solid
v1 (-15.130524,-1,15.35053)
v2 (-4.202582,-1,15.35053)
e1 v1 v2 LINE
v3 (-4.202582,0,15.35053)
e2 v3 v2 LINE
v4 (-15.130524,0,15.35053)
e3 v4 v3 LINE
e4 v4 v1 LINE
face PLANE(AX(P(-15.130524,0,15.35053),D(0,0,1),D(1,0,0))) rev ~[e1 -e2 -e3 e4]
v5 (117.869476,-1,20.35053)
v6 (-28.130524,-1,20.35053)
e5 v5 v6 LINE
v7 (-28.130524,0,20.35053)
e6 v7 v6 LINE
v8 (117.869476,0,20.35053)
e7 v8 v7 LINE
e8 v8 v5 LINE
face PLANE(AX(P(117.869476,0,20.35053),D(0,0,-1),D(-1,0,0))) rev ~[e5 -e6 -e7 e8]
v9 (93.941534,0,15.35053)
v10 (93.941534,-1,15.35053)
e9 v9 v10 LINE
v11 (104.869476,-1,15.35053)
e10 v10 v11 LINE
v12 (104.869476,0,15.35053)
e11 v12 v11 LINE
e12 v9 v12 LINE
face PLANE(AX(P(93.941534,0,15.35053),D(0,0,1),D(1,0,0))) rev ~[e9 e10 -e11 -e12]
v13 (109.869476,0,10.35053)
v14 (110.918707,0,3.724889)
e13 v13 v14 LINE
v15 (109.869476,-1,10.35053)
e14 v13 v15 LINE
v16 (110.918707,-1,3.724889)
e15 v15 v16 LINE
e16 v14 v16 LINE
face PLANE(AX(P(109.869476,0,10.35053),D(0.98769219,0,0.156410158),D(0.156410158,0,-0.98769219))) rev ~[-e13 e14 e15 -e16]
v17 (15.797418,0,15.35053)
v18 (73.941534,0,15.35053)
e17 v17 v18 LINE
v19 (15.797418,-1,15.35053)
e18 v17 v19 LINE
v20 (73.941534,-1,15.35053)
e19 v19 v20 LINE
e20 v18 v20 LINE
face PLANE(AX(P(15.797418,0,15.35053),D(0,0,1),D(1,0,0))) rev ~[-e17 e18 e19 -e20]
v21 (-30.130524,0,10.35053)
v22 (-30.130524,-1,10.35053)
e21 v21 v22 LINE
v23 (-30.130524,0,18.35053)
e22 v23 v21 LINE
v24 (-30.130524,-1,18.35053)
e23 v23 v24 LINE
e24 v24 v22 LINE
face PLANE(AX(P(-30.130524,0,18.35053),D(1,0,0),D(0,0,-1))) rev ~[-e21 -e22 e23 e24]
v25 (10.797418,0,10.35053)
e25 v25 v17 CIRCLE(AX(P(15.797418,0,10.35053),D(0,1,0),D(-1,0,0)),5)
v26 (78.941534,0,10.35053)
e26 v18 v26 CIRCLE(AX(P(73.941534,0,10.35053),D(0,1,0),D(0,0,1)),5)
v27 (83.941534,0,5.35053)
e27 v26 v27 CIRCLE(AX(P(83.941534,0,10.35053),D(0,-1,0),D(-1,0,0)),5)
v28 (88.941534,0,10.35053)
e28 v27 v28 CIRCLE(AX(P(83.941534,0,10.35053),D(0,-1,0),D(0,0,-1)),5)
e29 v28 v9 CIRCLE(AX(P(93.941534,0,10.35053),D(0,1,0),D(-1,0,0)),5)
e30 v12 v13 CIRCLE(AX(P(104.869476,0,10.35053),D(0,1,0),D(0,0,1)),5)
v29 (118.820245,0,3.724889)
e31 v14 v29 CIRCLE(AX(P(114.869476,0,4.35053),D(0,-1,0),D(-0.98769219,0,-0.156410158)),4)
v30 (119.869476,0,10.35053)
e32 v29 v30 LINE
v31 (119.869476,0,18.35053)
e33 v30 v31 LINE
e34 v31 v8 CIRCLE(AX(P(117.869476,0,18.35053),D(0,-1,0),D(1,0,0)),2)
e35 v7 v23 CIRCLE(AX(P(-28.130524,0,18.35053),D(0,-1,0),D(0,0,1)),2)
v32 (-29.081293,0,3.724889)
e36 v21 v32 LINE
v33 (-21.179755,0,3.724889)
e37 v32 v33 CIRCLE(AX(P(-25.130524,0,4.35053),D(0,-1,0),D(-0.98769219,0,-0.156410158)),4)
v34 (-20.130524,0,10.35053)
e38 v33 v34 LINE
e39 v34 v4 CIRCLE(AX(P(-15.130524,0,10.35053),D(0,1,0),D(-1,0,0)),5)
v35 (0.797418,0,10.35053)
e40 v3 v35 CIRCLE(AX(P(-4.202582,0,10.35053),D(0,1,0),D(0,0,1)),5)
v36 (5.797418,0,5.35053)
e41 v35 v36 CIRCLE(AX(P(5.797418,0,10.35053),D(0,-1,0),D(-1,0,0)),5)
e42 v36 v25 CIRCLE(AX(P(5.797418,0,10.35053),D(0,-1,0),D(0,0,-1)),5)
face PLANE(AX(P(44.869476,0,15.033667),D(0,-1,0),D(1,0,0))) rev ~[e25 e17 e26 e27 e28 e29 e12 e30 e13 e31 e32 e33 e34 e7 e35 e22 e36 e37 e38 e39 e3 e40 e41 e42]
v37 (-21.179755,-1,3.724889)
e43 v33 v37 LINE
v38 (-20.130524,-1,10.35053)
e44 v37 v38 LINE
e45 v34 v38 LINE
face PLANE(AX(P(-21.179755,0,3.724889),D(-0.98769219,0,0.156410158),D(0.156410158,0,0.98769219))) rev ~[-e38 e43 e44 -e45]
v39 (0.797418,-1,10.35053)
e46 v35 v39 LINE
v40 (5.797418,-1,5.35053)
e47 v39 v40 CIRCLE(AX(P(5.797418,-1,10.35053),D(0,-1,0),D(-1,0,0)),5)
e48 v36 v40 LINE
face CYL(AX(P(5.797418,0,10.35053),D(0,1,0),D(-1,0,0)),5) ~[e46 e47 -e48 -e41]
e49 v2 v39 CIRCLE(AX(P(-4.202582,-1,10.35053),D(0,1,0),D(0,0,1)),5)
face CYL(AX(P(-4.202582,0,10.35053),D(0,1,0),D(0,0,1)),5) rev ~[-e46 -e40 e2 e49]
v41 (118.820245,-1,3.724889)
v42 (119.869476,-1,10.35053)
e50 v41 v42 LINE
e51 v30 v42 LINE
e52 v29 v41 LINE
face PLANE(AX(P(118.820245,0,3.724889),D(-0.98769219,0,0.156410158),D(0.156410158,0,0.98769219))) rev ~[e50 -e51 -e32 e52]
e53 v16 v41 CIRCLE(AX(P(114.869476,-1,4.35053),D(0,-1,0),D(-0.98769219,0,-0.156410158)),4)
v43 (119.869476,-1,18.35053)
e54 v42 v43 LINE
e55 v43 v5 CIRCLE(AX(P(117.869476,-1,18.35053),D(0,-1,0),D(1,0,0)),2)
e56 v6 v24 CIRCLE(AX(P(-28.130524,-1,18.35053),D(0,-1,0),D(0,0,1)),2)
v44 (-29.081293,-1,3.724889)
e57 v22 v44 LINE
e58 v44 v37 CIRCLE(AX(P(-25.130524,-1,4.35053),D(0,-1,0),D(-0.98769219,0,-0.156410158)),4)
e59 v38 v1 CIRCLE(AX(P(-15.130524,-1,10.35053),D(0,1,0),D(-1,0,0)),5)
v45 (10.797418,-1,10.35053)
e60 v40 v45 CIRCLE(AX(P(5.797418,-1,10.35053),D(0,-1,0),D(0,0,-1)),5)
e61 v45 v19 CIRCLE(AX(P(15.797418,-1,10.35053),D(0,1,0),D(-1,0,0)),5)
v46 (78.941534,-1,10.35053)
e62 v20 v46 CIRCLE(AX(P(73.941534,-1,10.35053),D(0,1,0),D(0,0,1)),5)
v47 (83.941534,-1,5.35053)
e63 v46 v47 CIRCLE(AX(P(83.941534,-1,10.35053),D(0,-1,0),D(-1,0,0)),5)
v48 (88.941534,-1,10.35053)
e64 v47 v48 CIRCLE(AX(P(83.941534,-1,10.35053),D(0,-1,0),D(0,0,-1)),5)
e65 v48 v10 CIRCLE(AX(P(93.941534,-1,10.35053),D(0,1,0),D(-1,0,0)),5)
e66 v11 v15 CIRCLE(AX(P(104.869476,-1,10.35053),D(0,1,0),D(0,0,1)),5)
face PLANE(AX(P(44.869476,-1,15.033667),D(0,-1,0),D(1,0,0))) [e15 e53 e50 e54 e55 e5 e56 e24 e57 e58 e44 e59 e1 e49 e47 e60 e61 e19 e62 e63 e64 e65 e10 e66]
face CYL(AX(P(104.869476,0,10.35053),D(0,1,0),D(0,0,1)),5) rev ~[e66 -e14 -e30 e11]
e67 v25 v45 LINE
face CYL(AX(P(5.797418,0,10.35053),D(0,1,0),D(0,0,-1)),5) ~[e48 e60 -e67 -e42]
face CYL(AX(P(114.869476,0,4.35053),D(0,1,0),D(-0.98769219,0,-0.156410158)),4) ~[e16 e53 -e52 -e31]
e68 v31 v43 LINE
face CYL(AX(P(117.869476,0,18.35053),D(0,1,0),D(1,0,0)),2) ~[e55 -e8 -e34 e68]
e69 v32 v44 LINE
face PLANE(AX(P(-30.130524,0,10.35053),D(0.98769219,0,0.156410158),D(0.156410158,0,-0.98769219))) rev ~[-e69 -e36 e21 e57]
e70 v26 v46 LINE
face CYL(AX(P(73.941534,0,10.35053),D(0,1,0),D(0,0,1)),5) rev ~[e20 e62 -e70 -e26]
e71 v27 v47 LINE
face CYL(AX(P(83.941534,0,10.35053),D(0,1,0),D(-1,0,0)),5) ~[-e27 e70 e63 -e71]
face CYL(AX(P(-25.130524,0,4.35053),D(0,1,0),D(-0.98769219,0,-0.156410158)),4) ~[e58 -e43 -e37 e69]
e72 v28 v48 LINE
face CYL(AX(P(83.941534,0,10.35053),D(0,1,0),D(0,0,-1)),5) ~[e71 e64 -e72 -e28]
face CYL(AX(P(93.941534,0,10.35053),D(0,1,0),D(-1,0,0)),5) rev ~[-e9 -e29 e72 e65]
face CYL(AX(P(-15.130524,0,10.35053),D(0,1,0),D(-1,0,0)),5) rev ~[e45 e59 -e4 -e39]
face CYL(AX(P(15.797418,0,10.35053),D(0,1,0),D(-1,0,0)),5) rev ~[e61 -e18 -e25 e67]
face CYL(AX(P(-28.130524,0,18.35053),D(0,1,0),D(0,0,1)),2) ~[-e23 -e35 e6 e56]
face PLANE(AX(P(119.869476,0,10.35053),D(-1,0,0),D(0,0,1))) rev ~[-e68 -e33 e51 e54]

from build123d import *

# Parameters (mm, degrees)
F1_DEPTH = 1


with BuildPart() as f1:
    # F0 (on Front) → F1 (new body)
    with BuildSketch(Plane.XZ):
        with BuildLine():
            Line((29.8694758117, 20.3505297415), (-28.1305241883, 20.3505297415))
            ThreePointArc((-28.1305241883, 20.3505297415), (-29.5447377507, 19.7647433039), (-30.1305241883, 18.3505297415))
            Line((-30.1305241883, 18.3505297415), (-30.1305241883, 10.3505297415))
            Line((-30.1305241883, 10.3505297415), (-29.0812929486, 3.7248891079))
            ThreePointArc((-29.0812929486, 3.7248891079), (-25.1305241883, 0.3505297415), (-21.179755428, 3.7248891079))
            Line((-21.179755428, 3.7248891079), (-20.1305241883, 10.3505297415))
            ThreePointArc((-20.1305241883, 10.3505297415), (-18.6660580942, 13.8860636474), (-15.1305241883, 15.3505297415))
            Line((-15.1305241883, 15.3505297415), (-13.2839401439, 15.3505297415))
            Line((-13.2839401439, 15.3505297415), (-4.2025822867, 15.3505297415))
            ThreePointArc((-4.2025822867, 15.3505297415), (-0.6670483807, 13.8860636474), (0.7974177133, 10.3505297415))
            ThreePointArc((0.7974177133, 10.3505297415), (2.2618838074, 6.8149958356), (5.7974177133, 5.3505297415))
            ThreePointArc((5.7974177133, 5.3505297415), (9.3329516193, 6.8149958356), (10.7974177133, 10.3505297415))
            ThreePointArc((10.7974177133, 10.3505297415), (12.2618838074, 13.8860636474), (15.7974177133, 15.3505297415))
            Line((15.7974177133, 15.3505297415), (27.8694758117, 15.3505297415))
            Line((27.8694758117, 15.3505297415), (61.8694758117, 15.3505297415))
            Line((61.8694758117, 15.3505297415), (73.9415339101, 15.3505297415))
            ThreePointArc((73.9415339101, 15.3505297415), (77.477067816, 13.8860636474), (78.9415339101, 10.3505297415))
            ThreePointArc((78.9415339101, 10.3505297415), (80.4060000042, 6.8149958356), (83.9415339101, 5.3505297415))
            ThreePointArc((83.9415339101, 5.3505297415), (87.477067816, 6.8149958356), (88.9415339101, 10.3505297415))
            ThreePointArc((88.9415339101, 10.3505297415), (90.4060000042, 13.8860636474), (93.9415339101, 15.3505297415))
            Line((93.9415339101, 15.3505297415), (103.0228917673, 15.3505297415))
            Line((103.0228917673, 15.3505297415), (104.8694758117, 15.3505297415))
            ThreePointArc((104.8694758117, 15.3505297415), (108.4050097177, 13.8860636474), (109.8694758117, 10.3505297415))
            Line((109.8694758117, 10.3505297415), (110.9187070514, 3.7248891079))
            ThreePointArc((110.9187070514, 3.7248891079), (114.8694758117, 0.3505297415), (118.820244572, 3.7248891079))
            Line((118.820244572, 3.7248891079), (119.8694758117, 10.3505297415))
            Line((119.8694758117, 10.3505297415), (119.8694758117, 18.3505297415))
            ThreePointArc((119.8694758117, 18.3505297415), (119.2836893741, 19.7647433039), (117.8694758117, 20.3505297415))
            Line((117.8694758117, 20.3505297415), (59.8694758117, 20.3505297415))
            Line((59.8694758117, 20.3505297415), (29.8694758117, 20.3505297415))
        make_face()
    extrude(amount=F1_DEPTH)


solid = f1.part
